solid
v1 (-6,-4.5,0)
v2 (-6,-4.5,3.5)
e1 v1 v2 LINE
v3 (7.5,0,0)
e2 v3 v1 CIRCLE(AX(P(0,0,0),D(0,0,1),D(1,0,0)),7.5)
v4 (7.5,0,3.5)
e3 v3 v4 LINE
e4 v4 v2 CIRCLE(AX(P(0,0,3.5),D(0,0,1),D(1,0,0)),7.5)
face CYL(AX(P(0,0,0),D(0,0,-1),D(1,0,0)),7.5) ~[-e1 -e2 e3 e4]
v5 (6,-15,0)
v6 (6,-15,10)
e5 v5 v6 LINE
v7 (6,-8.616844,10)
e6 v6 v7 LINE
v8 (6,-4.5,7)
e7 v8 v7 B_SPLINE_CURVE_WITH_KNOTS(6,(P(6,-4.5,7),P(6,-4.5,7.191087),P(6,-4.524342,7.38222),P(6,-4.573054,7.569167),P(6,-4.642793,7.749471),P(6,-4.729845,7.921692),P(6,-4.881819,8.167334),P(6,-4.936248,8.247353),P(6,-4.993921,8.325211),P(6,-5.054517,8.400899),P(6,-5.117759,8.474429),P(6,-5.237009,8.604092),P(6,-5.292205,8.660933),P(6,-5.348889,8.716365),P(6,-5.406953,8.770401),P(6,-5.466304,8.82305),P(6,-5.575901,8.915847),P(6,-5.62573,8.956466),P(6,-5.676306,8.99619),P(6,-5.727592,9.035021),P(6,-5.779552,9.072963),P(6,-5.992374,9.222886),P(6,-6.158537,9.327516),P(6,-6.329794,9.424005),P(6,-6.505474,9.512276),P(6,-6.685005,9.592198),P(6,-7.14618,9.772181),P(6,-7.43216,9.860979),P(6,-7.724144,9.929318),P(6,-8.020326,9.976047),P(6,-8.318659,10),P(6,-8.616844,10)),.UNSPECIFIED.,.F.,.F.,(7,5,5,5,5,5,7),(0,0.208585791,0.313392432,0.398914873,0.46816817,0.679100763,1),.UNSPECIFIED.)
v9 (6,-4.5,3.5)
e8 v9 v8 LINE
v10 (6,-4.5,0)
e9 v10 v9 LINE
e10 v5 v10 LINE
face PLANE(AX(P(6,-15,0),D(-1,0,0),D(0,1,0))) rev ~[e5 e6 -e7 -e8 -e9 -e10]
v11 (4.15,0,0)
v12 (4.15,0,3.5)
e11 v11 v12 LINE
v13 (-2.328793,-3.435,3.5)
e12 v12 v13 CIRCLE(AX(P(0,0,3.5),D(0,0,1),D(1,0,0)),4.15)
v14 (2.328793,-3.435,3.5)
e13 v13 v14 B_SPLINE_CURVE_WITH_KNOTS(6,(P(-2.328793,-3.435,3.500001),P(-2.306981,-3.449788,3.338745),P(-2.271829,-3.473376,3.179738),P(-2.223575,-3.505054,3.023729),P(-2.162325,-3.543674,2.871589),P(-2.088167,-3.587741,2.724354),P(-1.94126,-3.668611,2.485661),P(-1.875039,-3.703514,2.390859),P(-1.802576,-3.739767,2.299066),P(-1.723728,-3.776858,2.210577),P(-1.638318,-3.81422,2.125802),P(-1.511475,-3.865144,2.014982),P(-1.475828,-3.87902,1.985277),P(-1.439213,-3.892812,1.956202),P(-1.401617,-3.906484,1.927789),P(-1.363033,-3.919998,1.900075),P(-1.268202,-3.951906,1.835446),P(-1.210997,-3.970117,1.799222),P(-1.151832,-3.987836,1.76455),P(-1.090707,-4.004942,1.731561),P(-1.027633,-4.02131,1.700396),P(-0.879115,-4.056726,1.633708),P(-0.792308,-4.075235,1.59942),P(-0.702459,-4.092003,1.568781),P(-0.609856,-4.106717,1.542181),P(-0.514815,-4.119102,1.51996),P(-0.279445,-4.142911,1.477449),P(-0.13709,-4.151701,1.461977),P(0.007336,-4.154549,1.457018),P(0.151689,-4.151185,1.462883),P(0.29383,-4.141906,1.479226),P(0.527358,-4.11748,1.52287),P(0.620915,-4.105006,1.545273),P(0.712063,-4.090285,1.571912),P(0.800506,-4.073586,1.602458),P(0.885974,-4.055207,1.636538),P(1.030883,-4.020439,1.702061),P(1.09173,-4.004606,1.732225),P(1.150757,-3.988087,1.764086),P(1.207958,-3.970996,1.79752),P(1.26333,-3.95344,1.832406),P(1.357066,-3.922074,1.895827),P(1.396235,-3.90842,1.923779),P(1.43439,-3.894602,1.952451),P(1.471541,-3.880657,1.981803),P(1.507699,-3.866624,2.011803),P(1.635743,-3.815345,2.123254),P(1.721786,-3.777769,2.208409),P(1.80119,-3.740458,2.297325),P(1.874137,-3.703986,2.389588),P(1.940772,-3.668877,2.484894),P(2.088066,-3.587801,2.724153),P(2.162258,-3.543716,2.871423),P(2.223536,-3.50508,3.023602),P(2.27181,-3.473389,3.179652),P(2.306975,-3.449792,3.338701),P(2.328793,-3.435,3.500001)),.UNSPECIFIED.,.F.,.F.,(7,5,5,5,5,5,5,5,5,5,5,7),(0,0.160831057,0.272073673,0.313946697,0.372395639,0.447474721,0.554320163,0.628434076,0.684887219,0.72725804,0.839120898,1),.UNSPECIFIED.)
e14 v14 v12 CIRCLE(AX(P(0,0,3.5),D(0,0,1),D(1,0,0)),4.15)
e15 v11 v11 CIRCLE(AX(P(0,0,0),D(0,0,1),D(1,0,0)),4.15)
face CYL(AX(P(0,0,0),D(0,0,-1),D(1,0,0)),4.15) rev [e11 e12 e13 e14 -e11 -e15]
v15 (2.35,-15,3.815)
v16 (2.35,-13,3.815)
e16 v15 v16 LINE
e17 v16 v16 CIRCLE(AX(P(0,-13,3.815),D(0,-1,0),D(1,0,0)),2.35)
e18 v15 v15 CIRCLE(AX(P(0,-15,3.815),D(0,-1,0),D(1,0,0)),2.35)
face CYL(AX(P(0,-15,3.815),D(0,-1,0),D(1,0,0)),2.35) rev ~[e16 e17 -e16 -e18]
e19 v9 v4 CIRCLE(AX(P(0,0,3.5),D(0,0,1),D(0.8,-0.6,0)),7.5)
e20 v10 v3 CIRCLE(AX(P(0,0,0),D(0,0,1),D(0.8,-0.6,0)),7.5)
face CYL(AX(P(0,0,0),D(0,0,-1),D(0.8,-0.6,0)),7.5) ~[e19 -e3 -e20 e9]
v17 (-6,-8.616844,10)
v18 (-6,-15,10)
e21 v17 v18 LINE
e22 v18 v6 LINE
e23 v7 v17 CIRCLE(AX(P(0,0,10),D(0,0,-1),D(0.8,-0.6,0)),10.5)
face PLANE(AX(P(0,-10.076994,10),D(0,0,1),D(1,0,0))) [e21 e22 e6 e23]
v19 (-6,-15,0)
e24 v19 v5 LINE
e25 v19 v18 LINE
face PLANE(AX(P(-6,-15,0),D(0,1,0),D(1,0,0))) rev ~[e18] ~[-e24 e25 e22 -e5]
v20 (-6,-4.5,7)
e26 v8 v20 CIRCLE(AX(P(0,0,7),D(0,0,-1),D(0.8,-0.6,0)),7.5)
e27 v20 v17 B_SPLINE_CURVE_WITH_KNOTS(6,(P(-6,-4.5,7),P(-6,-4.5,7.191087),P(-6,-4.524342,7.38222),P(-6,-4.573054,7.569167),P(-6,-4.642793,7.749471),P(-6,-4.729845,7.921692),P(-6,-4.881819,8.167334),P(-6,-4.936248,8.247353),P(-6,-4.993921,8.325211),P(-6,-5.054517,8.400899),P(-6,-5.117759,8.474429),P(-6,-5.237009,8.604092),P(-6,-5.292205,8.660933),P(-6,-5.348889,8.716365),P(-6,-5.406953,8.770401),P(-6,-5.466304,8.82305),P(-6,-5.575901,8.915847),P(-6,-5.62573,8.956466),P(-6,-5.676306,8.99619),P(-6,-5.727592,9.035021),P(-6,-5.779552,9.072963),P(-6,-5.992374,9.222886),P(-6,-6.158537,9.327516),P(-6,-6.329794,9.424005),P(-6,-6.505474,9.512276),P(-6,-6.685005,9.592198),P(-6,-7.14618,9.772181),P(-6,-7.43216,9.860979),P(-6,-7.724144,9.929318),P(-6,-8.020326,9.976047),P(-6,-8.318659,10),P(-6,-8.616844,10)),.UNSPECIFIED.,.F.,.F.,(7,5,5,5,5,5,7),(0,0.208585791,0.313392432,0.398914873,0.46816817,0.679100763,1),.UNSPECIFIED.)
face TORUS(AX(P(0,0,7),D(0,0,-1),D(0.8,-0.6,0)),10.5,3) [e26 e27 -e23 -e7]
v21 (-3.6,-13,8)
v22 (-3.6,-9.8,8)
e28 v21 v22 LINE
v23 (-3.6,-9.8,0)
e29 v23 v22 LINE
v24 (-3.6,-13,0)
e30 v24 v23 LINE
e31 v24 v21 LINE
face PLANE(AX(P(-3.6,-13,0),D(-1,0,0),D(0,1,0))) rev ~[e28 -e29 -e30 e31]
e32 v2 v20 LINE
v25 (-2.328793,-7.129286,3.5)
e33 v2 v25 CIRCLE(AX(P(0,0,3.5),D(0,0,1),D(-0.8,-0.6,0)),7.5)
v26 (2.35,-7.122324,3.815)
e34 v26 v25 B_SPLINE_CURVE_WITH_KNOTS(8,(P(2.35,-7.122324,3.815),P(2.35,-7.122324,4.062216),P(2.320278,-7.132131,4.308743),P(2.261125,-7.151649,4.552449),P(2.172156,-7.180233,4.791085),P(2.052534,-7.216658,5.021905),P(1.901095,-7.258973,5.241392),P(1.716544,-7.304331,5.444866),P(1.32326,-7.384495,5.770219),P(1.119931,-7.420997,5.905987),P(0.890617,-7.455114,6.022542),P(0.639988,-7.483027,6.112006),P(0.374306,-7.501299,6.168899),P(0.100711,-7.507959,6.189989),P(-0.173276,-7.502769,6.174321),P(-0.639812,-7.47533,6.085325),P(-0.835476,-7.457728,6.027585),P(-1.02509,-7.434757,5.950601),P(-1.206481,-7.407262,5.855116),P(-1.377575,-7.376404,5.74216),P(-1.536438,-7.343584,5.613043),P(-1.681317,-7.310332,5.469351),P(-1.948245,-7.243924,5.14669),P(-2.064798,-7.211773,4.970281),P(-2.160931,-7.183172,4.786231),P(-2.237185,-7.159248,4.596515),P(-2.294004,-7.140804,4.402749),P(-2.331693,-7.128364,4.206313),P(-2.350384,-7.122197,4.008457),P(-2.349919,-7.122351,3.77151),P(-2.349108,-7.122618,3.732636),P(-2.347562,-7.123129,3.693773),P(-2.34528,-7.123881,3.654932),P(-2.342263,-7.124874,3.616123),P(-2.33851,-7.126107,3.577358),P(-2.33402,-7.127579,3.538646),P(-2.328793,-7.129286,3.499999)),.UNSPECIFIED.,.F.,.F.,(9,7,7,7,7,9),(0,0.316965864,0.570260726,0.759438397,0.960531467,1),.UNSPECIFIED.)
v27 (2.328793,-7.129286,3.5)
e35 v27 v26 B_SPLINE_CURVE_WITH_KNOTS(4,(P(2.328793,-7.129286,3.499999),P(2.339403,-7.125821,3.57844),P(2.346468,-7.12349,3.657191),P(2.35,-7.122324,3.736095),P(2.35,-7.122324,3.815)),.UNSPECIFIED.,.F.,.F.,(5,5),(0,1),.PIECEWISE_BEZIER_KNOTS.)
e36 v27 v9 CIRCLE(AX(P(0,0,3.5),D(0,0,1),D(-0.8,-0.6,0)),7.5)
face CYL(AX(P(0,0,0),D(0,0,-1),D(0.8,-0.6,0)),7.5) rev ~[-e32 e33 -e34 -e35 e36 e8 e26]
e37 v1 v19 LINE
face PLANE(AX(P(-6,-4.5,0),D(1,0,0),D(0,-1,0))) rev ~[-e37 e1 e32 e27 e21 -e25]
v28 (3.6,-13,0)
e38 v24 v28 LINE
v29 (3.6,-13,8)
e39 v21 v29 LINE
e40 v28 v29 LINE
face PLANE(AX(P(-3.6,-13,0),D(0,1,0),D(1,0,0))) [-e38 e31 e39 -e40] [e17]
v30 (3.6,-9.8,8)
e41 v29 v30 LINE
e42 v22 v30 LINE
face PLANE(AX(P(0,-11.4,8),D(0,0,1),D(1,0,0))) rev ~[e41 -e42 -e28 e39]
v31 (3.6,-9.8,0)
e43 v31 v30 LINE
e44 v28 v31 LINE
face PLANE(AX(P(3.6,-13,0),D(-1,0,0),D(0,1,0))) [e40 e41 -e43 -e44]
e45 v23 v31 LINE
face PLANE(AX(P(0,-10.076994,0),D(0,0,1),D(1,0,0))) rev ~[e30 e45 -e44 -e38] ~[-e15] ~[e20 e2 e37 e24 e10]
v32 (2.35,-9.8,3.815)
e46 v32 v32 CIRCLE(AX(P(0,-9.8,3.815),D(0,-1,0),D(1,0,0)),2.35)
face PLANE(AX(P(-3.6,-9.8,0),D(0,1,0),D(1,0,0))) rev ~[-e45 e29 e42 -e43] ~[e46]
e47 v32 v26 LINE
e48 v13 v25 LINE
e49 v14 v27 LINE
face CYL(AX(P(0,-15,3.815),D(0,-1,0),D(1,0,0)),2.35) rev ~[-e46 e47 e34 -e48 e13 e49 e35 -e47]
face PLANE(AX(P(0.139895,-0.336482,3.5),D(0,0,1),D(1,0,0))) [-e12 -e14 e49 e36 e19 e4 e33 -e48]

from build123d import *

# Parameters (mm, degrees)
F0_R     = 4.15
F1_DEPTH = 3.5
F2_DEPTH = 10
F3_R     = 2.35
F4_DEPTH = 12.5794738247
F5_W     = 7.2
F5_H     = 3.2
F6_DEPTH = 8
F7_R     = 3


with BuildPart() as f1:
    # F0 (on Top) → F1 (new body)
    with BuildSketch(Plane.XY):
        with BuildLine():
            ThreePointArc((6, -4.5), (7.1151247354, -2.3717082451), (7.5, 0))
            ThreePointArc((7.5, 0), (-2.3717082451, 7.1151247354), (-6, -4.5))
            ThreePointArc((-6, -4.5), (0, -7.5), (6, -4.5))
        make_face()
        Circle(F0_R, mode=Mode.SUBTRACT)
    extrude(amount=F1_DEPTH)

    # F0 (on Top) → F2 (join)
    with BuildSketch(Plane.XY):
        with BuildLine():
            ThreePointArc((6, -4.5), (0, -7.5), (-6, -4.5))
            Line((-6, -4.5), (-6, -15))
            Line((-6, -15), (6, -15))
            Line((6, -15), (6, -4.5))
        make_face()
    extrude(amount=F2_DEPTH)

    # F3 (on face) → F4 (cut, up to face)
    with BuildSketch(Plane.XZ.offset(15)):
        with Locations((0, 3.815)):
            Circle(F3_R)
    extrude(amount=-F4_DEPTH, mode=Mode.SUBTRACT)

    # F5 (on face) → F6 (cut)
    with BuildSketch(Plane.XY):
        with Locations((0, -11.4)):
            Rectangle(F5_W, F5_H)
    extrude(amount=F6_DEPTH, mode=Mode.SUBTRACT)

    # F7
    f7_edges = [f1.edges().sort_by_distance(p)[0] for p in [
        (0, -7.5, 10),
    ]]
    fillet(f7_edges, radius=F7_R)


solid = f1.part
